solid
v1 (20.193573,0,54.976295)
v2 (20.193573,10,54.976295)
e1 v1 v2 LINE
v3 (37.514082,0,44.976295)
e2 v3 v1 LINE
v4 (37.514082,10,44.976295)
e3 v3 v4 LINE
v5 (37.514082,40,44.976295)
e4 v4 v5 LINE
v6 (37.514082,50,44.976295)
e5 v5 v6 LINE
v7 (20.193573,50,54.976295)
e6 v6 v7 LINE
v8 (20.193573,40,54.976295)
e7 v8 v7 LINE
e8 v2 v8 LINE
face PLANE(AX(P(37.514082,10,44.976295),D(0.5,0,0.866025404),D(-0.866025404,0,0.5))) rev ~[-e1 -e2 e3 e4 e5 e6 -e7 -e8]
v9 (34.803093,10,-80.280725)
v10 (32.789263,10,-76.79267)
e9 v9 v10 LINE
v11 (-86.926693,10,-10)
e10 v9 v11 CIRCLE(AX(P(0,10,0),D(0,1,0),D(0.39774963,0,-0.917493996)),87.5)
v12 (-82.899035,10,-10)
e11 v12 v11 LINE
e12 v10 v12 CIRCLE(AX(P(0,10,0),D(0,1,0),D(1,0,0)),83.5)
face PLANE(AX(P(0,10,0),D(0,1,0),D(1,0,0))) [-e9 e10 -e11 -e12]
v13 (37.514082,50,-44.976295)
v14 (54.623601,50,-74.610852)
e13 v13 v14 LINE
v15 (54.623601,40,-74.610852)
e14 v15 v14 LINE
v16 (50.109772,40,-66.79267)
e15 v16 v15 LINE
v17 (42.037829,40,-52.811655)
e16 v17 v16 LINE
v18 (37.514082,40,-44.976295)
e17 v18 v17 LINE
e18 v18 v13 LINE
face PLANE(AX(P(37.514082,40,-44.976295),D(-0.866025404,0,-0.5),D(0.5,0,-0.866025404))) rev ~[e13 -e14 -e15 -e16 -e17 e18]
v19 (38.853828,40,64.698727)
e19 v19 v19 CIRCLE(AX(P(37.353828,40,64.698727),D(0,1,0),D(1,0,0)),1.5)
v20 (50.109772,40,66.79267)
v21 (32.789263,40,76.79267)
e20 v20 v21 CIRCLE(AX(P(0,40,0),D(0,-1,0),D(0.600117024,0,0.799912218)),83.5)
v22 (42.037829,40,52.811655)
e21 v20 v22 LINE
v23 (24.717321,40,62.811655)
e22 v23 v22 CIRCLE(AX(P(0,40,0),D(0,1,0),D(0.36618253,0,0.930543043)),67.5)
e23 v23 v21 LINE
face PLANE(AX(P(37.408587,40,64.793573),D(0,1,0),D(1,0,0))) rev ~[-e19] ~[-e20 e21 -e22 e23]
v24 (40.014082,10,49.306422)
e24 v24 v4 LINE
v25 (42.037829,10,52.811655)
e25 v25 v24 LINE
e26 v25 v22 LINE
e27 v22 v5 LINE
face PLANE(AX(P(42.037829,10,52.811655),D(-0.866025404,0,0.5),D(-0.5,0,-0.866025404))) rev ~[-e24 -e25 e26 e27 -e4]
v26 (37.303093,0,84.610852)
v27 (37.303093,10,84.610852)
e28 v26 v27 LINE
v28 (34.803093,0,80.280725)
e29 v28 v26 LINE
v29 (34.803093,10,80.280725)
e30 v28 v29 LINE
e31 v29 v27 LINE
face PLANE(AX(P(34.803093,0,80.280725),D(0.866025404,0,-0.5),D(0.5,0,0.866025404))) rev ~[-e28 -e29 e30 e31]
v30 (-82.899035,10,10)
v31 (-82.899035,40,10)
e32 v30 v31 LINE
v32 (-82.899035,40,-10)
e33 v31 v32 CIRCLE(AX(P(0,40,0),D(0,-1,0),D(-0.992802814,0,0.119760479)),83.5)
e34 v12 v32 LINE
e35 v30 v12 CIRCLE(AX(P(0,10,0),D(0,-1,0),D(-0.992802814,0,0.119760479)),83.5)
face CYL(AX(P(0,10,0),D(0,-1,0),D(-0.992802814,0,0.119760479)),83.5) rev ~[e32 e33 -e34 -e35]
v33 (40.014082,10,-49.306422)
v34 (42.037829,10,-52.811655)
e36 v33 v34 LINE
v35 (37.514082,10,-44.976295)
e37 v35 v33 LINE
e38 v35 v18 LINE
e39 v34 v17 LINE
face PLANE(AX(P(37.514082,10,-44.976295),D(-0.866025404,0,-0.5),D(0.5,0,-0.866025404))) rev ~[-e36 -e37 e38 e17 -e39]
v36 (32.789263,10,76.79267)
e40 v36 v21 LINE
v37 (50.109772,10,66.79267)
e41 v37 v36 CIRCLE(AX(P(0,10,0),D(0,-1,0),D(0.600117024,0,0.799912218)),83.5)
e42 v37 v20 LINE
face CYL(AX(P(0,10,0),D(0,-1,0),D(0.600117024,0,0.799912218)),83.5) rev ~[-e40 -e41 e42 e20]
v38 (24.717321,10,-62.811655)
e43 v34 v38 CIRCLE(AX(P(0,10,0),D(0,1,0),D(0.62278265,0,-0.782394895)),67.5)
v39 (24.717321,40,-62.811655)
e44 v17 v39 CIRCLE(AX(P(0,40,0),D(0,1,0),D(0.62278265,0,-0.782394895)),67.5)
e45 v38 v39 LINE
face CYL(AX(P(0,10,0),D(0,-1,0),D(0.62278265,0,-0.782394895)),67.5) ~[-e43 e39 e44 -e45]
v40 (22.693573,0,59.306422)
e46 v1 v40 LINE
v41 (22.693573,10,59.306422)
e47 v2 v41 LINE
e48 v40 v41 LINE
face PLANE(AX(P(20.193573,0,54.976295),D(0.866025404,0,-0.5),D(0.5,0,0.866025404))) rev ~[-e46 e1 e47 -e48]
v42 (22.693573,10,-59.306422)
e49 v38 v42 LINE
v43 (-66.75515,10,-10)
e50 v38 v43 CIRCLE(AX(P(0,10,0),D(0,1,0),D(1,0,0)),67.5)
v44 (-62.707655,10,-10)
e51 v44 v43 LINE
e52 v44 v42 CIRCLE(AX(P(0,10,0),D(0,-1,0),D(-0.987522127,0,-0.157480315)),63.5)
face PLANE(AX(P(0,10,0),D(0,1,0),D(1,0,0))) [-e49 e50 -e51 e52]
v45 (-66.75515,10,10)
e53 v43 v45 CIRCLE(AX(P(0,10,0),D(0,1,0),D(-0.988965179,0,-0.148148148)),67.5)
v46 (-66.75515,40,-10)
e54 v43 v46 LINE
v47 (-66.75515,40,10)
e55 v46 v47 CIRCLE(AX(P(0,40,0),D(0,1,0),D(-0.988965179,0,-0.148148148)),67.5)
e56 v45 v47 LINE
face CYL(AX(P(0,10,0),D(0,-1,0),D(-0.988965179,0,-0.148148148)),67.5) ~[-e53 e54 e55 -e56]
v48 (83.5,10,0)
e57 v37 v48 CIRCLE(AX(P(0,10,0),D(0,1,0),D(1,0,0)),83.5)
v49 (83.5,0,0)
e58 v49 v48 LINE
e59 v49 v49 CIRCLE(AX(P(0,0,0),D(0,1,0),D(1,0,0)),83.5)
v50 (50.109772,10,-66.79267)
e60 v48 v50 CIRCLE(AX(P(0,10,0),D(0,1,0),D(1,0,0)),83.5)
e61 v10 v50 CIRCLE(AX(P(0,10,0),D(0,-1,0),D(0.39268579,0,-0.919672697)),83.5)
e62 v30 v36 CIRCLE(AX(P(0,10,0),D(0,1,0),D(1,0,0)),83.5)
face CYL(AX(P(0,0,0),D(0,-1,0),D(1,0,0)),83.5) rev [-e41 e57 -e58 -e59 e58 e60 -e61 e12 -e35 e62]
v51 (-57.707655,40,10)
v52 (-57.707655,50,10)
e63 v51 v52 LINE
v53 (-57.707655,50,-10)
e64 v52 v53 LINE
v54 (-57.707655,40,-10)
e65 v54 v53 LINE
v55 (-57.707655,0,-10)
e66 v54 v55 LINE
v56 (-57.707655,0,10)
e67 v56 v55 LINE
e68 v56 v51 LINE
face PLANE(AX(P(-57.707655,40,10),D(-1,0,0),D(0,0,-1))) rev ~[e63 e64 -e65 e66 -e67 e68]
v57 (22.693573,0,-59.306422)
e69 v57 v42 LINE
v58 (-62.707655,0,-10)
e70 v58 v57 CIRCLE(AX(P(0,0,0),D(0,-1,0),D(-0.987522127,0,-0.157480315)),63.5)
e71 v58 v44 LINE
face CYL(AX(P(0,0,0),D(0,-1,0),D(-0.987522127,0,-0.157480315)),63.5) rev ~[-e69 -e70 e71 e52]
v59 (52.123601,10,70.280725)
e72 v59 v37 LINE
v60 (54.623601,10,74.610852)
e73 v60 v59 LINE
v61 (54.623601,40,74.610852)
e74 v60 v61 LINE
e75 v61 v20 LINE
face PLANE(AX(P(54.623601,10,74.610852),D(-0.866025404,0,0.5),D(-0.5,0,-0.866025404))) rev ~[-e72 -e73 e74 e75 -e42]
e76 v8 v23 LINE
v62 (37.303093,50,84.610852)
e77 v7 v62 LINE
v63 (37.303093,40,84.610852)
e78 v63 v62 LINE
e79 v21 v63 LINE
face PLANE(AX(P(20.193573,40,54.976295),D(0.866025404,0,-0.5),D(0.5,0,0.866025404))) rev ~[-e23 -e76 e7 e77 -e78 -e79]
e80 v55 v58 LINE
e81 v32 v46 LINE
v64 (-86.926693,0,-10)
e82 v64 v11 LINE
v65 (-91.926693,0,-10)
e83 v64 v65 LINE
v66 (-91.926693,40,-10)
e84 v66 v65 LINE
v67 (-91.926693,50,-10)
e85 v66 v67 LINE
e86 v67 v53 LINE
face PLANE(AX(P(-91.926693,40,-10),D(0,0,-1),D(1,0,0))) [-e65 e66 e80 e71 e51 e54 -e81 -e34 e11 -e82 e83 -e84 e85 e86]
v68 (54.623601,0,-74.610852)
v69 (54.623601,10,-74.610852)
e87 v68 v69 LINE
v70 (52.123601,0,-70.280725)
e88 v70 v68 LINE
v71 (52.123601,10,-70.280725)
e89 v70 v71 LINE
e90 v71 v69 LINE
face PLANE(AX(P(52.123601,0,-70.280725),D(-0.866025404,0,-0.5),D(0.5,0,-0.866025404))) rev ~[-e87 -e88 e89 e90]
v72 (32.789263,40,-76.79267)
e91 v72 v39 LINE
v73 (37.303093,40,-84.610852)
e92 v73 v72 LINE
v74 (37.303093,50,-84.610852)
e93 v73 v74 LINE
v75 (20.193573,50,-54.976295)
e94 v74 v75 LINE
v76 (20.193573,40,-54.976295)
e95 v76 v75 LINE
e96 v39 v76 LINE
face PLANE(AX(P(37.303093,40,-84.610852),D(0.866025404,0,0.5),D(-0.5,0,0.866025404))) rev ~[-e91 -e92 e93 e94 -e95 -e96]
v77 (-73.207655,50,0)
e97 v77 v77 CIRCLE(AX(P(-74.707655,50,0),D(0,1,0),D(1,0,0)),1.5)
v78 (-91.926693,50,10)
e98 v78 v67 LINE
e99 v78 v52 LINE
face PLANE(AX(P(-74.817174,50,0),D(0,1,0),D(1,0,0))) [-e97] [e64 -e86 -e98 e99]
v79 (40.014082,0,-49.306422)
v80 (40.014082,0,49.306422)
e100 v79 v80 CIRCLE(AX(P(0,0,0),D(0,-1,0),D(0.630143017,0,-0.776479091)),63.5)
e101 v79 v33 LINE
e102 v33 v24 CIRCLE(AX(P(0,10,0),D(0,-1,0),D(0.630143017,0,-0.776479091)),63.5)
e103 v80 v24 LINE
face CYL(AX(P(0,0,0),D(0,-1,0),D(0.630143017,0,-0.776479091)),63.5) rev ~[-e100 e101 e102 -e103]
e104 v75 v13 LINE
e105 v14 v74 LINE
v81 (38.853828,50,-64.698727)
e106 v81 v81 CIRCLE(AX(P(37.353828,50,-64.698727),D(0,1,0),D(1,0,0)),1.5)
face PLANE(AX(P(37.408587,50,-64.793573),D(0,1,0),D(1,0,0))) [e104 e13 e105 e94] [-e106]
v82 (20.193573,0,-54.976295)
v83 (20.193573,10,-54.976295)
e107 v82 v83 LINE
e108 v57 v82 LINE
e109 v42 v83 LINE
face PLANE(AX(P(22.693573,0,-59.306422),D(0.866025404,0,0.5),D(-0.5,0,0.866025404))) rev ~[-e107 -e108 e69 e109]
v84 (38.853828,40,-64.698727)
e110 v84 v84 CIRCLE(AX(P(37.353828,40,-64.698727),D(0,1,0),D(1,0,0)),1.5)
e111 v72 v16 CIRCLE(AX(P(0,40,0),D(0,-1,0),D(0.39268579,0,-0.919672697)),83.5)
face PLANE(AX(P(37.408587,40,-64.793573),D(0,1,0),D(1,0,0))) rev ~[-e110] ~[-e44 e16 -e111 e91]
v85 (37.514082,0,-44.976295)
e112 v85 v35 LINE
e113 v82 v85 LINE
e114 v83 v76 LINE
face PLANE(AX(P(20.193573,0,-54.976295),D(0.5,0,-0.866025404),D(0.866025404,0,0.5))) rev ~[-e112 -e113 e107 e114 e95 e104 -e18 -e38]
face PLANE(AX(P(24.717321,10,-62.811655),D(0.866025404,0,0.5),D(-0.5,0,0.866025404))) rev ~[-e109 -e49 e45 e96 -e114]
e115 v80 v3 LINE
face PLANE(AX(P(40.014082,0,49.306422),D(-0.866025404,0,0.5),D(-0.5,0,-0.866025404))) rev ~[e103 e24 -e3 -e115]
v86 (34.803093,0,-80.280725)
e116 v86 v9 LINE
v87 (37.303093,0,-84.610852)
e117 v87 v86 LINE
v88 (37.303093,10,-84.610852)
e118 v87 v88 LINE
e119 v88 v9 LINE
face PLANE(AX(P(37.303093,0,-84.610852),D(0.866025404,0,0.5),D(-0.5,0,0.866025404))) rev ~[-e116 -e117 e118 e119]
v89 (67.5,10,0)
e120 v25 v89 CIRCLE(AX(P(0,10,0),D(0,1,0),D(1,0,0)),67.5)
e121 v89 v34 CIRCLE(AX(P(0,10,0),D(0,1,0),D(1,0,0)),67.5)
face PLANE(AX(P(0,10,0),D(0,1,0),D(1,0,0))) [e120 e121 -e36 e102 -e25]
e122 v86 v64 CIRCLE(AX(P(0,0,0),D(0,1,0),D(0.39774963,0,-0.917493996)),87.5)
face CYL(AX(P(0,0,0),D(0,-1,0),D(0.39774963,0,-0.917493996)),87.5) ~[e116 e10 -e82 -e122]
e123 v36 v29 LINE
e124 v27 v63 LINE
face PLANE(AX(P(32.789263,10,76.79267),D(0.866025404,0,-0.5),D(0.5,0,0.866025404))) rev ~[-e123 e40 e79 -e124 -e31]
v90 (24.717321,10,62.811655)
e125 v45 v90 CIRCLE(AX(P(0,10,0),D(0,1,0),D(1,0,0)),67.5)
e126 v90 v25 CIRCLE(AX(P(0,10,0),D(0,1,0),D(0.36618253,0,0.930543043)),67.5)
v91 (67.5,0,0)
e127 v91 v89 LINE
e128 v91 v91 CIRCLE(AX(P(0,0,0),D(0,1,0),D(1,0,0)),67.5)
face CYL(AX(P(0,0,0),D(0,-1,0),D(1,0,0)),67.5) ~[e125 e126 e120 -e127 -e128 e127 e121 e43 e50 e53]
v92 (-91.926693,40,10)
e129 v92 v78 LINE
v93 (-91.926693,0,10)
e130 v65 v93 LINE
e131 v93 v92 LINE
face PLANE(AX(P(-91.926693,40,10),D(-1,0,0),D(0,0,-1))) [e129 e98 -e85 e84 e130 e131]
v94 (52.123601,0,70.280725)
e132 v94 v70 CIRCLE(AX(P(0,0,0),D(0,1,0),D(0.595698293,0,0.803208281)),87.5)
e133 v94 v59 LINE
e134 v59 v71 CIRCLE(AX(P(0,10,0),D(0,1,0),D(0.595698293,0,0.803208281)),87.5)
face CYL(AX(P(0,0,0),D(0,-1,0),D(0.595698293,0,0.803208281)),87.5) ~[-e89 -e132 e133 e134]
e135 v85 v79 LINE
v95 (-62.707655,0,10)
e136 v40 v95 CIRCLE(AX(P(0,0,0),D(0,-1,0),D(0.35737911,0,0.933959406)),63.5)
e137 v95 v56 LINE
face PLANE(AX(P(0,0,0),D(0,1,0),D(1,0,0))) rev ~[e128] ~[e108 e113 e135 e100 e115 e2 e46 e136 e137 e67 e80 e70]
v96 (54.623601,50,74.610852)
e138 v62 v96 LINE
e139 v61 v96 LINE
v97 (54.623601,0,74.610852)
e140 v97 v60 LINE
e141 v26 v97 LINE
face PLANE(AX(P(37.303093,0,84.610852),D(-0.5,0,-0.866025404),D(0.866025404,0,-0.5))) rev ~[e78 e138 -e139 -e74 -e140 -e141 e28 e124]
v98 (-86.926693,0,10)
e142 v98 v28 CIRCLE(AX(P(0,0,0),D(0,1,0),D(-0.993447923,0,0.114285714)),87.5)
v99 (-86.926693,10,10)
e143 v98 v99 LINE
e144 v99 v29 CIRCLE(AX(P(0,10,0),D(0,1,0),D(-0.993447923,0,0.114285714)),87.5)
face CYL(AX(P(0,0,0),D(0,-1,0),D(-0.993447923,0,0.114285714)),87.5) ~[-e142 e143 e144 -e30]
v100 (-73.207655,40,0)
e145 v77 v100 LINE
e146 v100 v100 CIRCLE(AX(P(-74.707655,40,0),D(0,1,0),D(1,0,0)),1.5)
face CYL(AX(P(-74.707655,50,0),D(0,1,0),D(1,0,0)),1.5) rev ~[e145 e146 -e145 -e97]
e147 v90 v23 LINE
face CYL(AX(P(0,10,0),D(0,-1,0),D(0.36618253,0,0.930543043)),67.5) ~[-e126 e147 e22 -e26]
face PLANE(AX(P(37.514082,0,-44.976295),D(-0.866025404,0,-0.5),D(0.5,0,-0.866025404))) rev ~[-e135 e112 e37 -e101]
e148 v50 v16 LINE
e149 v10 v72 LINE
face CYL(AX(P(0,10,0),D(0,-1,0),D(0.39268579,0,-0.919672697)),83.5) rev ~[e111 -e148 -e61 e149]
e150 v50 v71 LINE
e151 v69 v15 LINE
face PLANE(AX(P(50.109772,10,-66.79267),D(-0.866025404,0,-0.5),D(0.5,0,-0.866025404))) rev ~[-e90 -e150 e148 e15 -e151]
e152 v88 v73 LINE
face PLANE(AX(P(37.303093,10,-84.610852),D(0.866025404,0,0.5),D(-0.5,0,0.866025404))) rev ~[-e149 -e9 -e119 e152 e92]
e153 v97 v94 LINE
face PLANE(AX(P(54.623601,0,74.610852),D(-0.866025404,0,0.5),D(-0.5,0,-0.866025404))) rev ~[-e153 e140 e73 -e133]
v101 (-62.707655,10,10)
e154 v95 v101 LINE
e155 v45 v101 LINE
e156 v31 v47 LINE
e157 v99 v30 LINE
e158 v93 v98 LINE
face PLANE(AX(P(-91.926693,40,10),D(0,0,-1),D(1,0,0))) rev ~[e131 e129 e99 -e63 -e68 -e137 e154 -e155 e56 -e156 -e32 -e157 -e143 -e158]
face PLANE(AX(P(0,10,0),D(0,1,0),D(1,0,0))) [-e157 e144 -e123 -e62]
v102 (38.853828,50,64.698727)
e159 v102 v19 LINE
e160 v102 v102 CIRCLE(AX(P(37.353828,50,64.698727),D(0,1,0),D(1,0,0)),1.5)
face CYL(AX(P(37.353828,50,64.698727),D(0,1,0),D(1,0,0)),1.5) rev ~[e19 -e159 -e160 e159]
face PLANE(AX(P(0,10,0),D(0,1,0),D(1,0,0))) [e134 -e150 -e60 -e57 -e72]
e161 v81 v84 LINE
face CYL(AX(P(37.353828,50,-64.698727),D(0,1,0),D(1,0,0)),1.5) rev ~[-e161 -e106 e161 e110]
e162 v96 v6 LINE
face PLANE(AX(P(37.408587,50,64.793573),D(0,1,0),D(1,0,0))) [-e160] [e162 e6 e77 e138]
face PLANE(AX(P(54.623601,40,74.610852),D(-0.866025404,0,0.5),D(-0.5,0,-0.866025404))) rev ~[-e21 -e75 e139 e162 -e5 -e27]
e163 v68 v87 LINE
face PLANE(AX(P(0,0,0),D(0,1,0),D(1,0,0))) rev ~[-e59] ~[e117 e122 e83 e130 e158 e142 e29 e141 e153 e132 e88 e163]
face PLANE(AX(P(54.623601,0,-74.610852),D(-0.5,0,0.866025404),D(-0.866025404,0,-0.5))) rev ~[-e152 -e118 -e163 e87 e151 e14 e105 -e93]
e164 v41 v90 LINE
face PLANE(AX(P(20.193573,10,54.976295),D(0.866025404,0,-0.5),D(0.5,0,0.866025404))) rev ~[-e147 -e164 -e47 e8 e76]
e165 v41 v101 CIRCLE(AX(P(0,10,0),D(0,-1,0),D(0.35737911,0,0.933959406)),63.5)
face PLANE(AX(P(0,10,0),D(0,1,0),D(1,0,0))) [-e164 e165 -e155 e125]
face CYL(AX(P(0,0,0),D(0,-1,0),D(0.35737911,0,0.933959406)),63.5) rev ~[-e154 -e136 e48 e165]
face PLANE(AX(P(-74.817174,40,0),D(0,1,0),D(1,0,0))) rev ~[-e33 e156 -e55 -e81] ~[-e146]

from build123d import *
from build123d.topology import SkipClean

# Parameters (mm, degrees)
IZIM1_R                       = 83.5
Y_KSEKLIK_EKSTR_ZYON3_DEPTH   = 10
IZIM1_R_2                     = 67.5
Y_KSEKLIK_EKSTR_ZYON3_2_DEPTH = 10
Y_KSEKLIK_EKSTR_ZYON6_DEPTH   = 30
Y_KSEKLIK_EKSTR_ZYON7_START   = 30
IZIM2_4_W                     = 34.219038219
IZIM2_4_H                     = 20
Y_KSEKLIK_EKSTR_ZYON7_DEPTH   = 10
IZIM3_R                       = 1.5
KES_EKSTR_ZYON1_DEPTH         = 20


with BuildPart() as part:
    # Çizim1 → Yükseklik-Ekstrüzyon3 (new body)
    with BuildSketch(Plane(origin=(0, 0, 0), x_dir=(1, 0, 0), z_dir=(0, 1, 0))):
        with BuildLine():
            Line((-91.926693254, 10), (-91.926693254, -10))
            Line((-91.926693254, -10), (-86.926693254, -10))
            ThreePointArc((-86.926693254, -10), (-43.75, -75.777222831), (34.803092589, -80.280724625))
            Line((34.803092589, -80.280724625), (37.303092589, -84.610851643))
            Line((37.303092589, -84.610851643), (54.623600665, -74.610851643))
            Line((54.623600665, -74.610851643), (52.123600665, -70.280724625))
            ThreePointArc((52.123600665, -70.280724625), (87.5, 0), (52.123600665, 70.280724625))
            Line((52.123600665, 70.280724625), (54.623600665, 74.610851643))
            Line((54.623600665, 74.610851643), (37.303092589, 84.610851643))
            Line((37.303092589, 84.610851643), (34.803092589, 80.280724625))
            ThreePointArc((34.803092589, 80.280724625), (-43.75, 75.777222831), (-86.926693254, 10))
            Line((-86.926693254, 10), (-91.926693254, 10))
        make_face()
        Circle(IZIM1_R, mode=Mode.SUBTRACT)
    extrude(amount=Y_KSEKLIK_EKSTR_ZYON3_DEPTH)



with BuildPart() as body_2:
    # Çizim1 → Y_kseklik-Ekstr_zyon3 2 (new body)
    with BuildSketch(Plane(origin=(0, 0, 0), x_dir=(1, 0, 0), z_dir=(0, 1, 0))):
        Circle(IZIM1_R_2)
        with BuildLine():
            Line((-57.707655035, 10), (-62.707655035, 10))
            ThreePointArc((-62.707655035, 10), (-31.75, 54.99261314), (22.69357348, 59.306422272))
            Line((22.69357348, 59.306422272), (20.19357348, 54.976295253))
            Line((20.19357348, 54.976295253), (37.514081555, 44.976295253))
            Line((37.514081555, 44.976295253), (40.014081555, 49.306422272))
            ThreePointArc((40.014081555, 49.306422272), (63.5, 0), (40.014081555, -49.306422272))
            Line((40.014081555, -49.306422272), (37.514081555, -44.976295253))
            Line((37.514081555, -44.976295253), (20.19357348, -54.976295253))
            Line((20.19357348, -54.976295253), (22.69357348, -59.306422272))
            ThreePointArc((22.69357348, -59.306422272), (-31.75, -54.99261314), (-62.707655035, -10))
            Line((-62.707655035, -10), (-57.707655035, -10))
            Line((-57.707655035, -10), (-57.707655035, 10))
        make_face(mode=Mode.SUBTRACT)
    extrude(amount=Y_KSEKLIK_EKSTR_ZYON3_2_DEPTH)


with BuildPart() as part_1:
    with SkipClean():  # the faces are left unmerged after this step: merging them gives an invalid solid
        add(part.part)

        add(body_2.part)  # Yükseklik-Ekstrüzyon6 merges body 2
        # Çizim2 → Yükseklik-Ekstrüzyon6 (add)
        with BuildSketch(Plane(origin=(0, 10, 0), x_dir=(1, 0, 0), z_dir=(0, 1, 0))):
            with BuildLine():
                Line((-57.707655035, -10), (-57.707655035, 10))
                Line((-57.707655035, 10), (-66.755149614, 10))
                ThreePointArc((-66.755149614, 10), (-67.5, 0), (-66.755149614, -10))
                Line((-66.755149614, -10), (-57.707655035, -10))
            make_face()
            with BuildLine():
                ThreePointArc((-82.899034976, -10), (-83.5, 0), (-82.899034976, 10))
                Line((-82.899034976, 10), (-91.926693254, 10))
                Line((-91.926693254, 10), (-91.926693254, -10))
                Line((-91.926693254, -10), (-82.899034976, -10))
            make_face()
            with BuildLine():
                ThreePointArc((42.037828845, 52.811655399), (33.75, 58.456714755), (24.717320769, 62.811655399))
                Line((24.717320769, 62.811655399), (20.19357348, 54.976295253))
                Line((20.19357348, 54.976295253), (37.514081555, 44.976295253))
                Line((37.514081555, 44.976295253), (42.037828845, 52.811655399))
            make_face()
            with BuildLine():
                Line((20.19357348, -54.976295253), (24.717320769, -62.811655399))
                ThreePointArc((24.717320769, -62.811655399), (33.75, -58.456714755), (42.037828845, -52.811655399))
                Line((42.037828845, -52.811655399), (37.514081555, -44.976295253))
                Line((37.514081555, -44.976295253), (20.19357348, -54.976295253))
            make_face()
            with BuildLine():
                Line((37.303092589, 84.610851643), (32.78926345, 76.792670239))
                ThreePointArc((32.78926345, 76.792670239), (41.75, 72.313121216), (50.109771526, 66.792670239))
                Line((50.109771526, 66.792670239), (54.623600665, 74.610851643))
                Line((54.623600665, 74.610851643), (37.303092589, 84.610851643))
            make_face()
            with BuildLine():
                ThreePointArc((50.109771526, -66.792670239), (41.75, -72.313121216), (32.78926345, -76.792670239))
                Line((32.78926345, -76.792670239), (37.303092589, -84.610851643))
                Line((37.303092589, -84.610851643), (54.623600665, -74.610851643))
                Line((54.623600665, -74.610851643), (50.109771526, -66.792670239))
            make_face()
        extrude(amount=Y_KSEKLIK_EKSTR_ZYON6_DEPTH)

    # Çizim2<4> → Yükseklik-Ekstrüzyon7 (add)
    with BuildSketch(Plane(origin=(0, 10, 0), x_dir=(1, 0, 0), z_dir=(0, 1, 0)).offset(Y_KSEKLIK_EKSTR_ZYON7_START)):
        with Locations((-74.817174145, 0)):
            Rectangle(IZIM2_4_W, IZIM2_4_H)
        Polygon((54.623600665, 74.610851643), (37.303092589, 84.610851643), (20.19357348, 54.976295253), (37.514081555, 44.976295253), align=None)
        Polygon((37.514081555, -44.976295253), (20.19357348, -54.976295253), (37.303092589, -84.610851643), (54.623600665, -74.610851643), align=None)
    extrude(amount=Y_KSEKLIK_EKSTR_ZYON7_DEPTH)

    # Çizim3 → Kes-Ekstrüzyon1 (cut)
    with SkipClean():  # the faces are left unmerged after this step: merging them gives an invalid solid
        with BuildSketch(Plane(origin=(0, 50, 0), x_dir=(1, 0, 0), z_dir=(0, 1, 0))):
            with Locations((-74.707655035, 0)):
                Circle(IZIM3_R)
            with Locations((37.353827518, 64.698727118)):
                Circle(IZIM3_R)
            with Locations((37.353827518, -64.698727118)):
                Circle(IZIM3_R)
        extrude(amount=-KES_EKSTR_ZYON1_DEPTH, mode=Mode.SUBTRACT)


solid = part_1.part
